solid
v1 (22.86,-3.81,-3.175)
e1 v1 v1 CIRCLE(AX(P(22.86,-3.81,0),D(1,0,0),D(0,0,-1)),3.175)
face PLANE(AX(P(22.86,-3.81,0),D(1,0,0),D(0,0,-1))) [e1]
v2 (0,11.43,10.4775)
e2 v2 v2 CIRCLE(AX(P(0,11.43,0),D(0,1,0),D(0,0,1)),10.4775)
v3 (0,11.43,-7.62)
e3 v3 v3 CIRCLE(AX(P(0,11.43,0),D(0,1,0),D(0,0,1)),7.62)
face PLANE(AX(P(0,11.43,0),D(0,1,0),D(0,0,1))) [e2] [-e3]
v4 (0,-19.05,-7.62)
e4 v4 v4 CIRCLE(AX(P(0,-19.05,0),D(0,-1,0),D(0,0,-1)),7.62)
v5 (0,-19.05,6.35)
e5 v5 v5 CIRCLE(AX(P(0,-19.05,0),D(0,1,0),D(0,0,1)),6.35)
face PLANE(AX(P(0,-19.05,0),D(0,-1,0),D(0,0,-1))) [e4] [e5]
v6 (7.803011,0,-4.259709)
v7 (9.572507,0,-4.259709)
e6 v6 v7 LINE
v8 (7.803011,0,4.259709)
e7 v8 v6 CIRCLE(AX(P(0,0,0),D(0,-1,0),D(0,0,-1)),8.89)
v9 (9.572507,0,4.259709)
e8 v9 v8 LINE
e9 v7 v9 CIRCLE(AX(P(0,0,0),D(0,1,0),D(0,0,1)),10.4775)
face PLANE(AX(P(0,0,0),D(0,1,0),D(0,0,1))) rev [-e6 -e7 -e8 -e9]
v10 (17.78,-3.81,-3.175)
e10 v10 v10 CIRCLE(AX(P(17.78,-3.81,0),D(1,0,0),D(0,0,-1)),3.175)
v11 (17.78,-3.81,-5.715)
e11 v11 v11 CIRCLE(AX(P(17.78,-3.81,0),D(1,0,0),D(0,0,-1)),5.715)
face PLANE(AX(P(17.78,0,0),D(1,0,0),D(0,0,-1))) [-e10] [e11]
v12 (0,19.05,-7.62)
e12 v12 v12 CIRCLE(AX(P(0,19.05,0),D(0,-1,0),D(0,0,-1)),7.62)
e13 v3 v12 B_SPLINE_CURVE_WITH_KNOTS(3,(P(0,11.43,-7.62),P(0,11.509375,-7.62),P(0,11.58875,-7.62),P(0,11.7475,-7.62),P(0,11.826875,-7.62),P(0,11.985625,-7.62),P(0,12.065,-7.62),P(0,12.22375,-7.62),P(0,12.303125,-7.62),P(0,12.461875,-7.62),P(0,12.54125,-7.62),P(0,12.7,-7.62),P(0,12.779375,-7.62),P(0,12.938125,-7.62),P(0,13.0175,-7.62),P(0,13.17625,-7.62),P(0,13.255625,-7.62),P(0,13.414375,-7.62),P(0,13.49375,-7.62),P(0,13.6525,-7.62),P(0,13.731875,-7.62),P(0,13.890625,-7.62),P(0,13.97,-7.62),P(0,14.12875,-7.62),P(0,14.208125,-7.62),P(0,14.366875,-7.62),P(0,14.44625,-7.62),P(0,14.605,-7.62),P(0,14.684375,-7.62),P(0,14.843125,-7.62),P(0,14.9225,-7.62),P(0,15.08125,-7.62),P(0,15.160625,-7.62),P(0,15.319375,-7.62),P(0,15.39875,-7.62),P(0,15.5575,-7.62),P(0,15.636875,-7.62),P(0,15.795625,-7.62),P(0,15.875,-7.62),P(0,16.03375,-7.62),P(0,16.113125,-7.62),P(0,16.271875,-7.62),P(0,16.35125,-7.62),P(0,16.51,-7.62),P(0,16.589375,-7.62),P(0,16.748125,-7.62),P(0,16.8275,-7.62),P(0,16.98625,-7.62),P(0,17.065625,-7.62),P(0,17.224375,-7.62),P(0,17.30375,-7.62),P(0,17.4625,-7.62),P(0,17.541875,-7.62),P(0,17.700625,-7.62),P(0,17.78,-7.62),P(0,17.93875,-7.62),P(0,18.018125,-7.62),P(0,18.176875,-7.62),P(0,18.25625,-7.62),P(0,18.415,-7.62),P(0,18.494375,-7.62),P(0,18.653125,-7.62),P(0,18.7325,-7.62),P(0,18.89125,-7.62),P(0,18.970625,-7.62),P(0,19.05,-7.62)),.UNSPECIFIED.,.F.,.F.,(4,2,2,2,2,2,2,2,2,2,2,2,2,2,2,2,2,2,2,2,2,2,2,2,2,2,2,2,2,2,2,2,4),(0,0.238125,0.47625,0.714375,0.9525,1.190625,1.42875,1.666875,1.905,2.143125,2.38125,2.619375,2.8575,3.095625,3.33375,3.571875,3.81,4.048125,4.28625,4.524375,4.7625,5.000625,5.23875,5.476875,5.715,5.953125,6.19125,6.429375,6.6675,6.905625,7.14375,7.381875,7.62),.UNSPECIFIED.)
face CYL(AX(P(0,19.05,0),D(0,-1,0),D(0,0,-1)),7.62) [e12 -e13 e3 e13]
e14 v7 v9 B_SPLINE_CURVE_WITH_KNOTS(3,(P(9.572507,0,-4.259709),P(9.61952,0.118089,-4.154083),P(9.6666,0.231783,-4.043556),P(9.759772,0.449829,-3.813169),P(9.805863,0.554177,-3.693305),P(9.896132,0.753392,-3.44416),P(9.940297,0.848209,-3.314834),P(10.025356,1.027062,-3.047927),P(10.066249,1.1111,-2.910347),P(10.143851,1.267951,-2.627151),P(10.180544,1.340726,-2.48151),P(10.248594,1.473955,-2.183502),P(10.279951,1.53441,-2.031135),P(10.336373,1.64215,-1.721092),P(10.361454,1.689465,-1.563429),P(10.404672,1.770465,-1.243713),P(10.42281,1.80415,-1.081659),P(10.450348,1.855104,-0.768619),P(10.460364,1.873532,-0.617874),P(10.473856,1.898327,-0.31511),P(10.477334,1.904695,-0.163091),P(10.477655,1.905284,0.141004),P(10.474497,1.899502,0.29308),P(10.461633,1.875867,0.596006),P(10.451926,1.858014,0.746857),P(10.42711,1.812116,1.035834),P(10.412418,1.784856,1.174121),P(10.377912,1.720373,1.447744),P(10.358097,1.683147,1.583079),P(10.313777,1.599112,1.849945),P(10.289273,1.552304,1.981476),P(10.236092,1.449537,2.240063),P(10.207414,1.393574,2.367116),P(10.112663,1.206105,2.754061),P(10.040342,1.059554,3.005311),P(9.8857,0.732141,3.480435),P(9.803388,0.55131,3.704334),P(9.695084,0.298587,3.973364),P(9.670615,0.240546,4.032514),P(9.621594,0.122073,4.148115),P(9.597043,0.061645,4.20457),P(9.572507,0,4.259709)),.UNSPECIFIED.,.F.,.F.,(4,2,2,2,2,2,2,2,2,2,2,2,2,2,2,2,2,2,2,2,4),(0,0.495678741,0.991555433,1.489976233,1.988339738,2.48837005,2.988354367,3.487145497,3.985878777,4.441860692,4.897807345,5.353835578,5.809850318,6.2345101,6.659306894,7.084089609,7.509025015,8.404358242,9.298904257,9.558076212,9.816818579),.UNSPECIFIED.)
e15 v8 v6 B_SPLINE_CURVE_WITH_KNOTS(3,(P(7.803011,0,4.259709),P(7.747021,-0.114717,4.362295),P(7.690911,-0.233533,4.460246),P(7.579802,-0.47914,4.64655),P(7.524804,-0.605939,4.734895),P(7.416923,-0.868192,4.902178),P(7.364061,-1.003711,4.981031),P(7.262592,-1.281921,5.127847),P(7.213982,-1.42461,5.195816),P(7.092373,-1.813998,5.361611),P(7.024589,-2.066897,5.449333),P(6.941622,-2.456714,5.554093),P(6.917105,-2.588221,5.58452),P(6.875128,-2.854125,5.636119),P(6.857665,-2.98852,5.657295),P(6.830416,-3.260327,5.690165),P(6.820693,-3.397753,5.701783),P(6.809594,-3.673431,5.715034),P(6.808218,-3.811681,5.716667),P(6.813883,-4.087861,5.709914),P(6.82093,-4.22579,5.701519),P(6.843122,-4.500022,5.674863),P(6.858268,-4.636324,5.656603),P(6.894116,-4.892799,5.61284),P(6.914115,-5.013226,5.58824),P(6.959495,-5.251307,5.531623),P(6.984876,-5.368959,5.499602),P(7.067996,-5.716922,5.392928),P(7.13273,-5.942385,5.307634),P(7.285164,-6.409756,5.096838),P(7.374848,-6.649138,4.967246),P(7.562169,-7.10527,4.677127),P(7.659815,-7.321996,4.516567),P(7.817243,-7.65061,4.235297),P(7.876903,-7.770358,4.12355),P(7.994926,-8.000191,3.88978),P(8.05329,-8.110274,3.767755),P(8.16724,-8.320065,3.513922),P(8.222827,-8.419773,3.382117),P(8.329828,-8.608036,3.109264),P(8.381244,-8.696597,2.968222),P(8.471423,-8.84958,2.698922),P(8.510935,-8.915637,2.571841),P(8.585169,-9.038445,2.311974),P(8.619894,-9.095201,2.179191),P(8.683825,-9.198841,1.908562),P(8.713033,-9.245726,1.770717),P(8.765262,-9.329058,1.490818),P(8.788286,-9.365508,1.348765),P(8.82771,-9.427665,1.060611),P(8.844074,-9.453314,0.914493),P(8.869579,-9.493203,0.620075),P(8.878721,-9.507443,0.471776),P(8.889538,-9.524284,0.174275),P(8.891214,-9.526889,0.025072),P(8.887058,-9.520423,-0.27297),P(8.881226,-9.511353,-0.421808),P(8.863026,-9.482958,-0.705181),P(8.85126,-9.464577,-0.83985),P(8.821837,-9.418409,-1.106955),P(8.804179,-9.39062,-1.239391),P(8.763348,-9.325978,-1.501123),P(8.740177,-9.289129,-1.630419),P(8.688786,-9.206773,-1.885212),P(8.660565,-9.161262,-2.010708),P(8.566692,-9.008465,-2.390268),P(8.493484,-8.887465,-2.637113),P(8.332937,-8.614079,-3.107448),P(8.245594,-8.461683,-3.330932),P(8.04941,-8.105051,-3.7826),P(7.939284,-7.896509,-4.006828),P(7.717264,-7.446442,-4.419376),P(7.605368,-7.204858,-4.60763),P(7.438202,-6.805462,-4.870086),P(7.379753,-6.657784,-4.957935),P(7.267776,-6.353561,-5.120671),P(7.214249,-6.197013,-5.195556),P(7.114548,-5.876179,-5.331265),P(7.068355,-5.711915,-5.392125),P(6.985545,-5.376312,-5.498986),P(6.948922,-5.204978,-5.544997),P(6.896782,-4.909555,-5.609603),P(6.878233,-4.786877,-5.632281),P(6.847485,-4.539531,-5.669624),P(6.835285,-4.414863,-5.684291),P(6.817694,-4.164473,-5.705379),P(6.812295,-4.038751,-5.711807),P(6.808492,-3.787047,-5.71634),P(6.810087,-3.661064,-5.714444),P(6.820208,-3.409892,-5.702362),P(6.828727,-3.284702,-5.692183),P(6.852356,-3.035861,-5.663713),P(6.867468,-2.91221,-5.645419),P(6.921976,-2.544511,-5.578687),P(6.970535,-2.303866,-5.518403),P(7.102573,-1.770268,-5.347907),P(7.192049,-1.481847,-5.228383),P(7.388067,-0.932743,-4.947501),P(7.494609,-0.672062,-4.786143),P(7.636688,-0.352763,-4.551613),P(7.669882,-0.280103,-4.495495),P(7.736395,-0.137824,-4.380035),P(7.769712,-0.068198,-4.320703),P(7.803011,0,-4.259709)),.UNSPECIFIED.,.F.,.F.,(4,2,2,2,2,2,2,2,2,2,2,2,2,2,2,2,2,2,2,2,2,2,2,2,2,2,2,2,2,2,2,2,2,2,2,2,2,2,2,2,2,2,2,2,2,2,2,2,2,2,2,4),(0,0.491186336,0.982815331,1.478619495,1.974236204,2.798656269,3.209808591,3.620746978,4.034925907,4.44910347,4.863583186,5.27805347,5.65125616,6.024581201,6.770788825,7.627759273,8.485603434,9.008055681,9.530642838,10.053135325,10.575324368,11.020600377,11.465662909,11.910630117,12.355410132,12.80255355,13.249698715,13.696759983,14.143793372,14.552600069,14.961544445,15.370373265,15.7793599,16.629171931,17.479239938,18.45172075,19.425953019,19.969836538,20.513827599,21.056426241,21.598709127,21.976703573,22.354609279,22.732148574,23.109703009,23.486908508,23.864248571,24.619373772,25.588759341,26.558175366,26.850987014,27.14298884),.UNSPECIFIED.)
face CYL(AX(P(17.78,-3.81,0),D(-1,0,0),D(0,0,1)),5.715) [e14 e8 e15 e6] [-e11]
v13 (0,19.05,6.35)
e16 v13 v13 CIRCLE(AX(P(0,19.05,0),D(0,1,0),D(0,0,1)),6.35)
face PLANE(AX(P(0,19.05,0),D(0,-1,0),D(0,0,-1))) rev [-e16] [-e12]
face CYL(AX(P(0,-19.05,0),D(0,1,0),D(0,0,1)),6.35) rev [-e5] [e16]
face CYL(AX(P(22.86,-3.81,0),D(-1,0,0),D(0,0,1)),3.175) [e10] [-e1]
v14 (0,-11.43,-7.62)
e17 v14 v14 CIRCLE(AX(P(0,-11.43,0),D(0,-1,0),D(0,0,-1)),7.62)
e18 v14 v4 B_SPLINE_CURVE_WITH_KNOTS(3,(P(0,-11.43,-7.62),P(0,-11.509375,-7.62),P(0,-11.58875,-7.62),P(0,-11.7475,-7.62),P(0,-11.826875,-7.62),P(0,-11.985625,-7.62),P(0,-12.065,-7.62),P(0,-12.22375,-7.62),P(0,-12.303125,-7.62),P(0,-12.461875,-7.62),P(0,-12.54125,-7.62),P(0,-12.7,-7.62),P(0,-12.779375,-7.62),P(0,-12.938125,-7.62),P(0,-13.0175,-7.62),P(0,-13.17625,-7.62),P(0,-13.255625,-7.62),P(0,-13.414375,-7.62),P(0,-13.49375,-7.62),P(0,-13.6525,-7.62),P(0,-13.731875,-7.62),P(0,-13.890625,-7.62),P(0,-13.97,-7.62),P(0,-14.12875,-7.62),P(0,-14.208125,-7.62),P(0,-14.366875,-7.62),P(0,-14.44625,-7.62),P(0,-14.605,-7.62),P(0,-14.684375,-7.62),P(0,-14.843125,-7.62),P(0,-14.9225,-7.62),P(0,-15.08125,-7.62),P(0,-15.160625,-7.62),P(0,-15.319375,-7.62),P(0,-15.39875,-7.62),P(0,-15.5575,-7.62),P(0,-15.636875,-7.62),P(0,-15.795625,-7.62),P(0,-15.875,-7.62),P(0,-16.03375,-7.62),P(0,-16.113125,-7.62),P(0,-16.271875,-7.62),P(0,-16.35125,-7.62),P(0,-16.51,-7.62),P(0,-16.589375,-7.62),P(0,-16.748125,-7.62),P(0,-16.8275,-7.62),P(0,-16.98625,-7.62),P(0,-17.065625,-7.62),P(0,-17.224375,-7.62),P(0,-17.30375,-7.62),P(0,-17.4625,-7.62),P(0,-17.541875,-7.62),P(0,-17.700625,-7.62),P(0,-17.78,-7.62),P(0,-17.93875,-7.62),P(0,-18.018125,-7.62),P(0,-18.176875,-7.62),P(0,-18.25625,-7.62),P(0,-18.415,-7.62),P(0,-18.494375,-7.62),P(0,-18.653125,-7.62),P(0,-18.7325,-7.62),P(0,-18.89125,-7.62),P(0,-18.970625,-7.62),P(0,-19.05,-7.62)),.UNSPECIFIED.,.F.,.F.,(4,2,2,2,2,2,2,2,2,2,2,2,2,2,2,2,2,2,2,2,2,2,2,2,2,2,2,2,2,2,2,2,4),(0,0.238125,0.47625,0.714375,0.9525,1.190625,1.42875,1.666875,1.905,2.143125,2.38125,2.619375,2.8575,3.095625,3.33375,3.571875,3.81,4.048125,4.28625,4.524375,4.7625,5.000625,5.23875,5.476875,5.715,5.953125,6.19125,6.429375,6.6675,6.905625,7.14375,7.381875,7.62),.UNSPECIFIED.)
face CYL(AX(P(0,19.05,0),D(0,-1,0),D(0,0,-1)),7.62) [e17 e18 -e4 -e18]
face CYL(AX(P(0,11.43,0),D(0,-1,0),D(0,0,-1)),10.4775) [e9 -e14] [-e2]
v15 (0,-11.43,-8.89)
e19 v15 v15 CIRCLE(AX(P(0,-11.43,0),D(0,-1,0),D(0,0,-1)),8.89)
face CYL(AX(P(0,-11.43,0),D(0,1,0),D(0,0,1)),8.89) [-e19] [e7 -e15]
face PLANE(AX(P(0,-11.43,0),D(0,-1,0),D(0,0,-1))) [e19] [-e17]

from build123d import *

# Parameters (mm, degrees)
SKETCH1_R                = 10.4775
BOSS_EXTRUDE1_DEPTH      = 11.43
SKETCH2_R                = 8.89
BOSS_EXTRUDE2_DEPTH      = 11.43
BOSS_EXTRUDE3_DEPTH      = 7.62
BOSS_EXTRUDE3_DEPTH_BACK = 30.48
SKETCH3_R                = 7.62
SKETCH4_R                = 5.715
BOSS_EXTRUDE4_DEPTH      = 17.78
SKETCH5_R                = 3.175
BOSS_EXTRUDE5_DEPTH      = 5.08
SKETCH6_R                = 6.35
CUT_EXTRUDE1_DEPTH       = 46.650494065


with BuildPart() as part:
    # Sketch1 → Boss-Extrude1 (new body)
    with BuildSketch(Plane(origin=(0, 0, 0), x_dir=(1, 0, 0), z_dir=(0, 1, 0))):
        with Locations(Location((0, 0, 0), (0, 0, 270))):
            Circle(SKETCH1_R)
    extrude(amount=BOSS_EXTRUDE1_DEPTH)

    # Sketch2 → Boss-Extrude2 (add)
    with BuildSketch(Plane.XZ):
        with Locations(Location((0, 0, 0), (0, 0, 270))):
            Circle(SKETCH2_R)
    extrude(amount=BOSS_EXTRUDE2_DEPTH)

    # Sketch3 → Boss-Extrude3 (add, two sides: drawn at the far end of the back side and taken through both)
    with BuildSketch(Plane.XZ.offset(11.43).offset(-BOSS_EXTRUDE3_DEPTH_BACK)):
        with Locations(Location((0, 0, 0), (0, 0, 270))):
            Circle(SKETCH3_R)
    extrude(amount=BOSS_EXTRUDE3_DEPTH + BOSS_EXTRUDE3_DEPTH_BACK)

    # Sketch4 → Boss-Extrude4 (add)
    with BuildSketch(Plane(origin=(0, 0, 0), x_dir=(0, 0, -1), z_dir=(1, 0, 0))):
        with Locations(Location((0, -3.81, 0), (0, 0, 221.810313572))):
            Circle(SKETCH4_R)
    extrude(amount=BOSS_EXTRUDE4_DEPTH)

    # Sketch5 → Boss-Extrude5 (add)
    with BuildSketch(Plane(origin=(17.78, 0, 0), x_dir=(0, 0, -1), z_dir=(1, 0, 0))):
        with Locations((0, -3.81)):
            Circle(SKETCH5_R)
    extrude(amount=BOSS_EXTRUDE5_DEPTH)

    # Sketch6 → Cut-Extrude1 (cut, through all)
    with BuildSketch(Plane(origin=(0, 19.05, 0), x_dir=(1, 0, 0), z_dir=(0, 1, 0))):
        with Locations(Location((0, 0, 0), (0, 0, 270))):
            Circle(SKETCH6_R)
    extrude(amount=-CUT_EXTRUDE1_DEPTH, mode=Mode.SUBTRACT)


solid = part.part
